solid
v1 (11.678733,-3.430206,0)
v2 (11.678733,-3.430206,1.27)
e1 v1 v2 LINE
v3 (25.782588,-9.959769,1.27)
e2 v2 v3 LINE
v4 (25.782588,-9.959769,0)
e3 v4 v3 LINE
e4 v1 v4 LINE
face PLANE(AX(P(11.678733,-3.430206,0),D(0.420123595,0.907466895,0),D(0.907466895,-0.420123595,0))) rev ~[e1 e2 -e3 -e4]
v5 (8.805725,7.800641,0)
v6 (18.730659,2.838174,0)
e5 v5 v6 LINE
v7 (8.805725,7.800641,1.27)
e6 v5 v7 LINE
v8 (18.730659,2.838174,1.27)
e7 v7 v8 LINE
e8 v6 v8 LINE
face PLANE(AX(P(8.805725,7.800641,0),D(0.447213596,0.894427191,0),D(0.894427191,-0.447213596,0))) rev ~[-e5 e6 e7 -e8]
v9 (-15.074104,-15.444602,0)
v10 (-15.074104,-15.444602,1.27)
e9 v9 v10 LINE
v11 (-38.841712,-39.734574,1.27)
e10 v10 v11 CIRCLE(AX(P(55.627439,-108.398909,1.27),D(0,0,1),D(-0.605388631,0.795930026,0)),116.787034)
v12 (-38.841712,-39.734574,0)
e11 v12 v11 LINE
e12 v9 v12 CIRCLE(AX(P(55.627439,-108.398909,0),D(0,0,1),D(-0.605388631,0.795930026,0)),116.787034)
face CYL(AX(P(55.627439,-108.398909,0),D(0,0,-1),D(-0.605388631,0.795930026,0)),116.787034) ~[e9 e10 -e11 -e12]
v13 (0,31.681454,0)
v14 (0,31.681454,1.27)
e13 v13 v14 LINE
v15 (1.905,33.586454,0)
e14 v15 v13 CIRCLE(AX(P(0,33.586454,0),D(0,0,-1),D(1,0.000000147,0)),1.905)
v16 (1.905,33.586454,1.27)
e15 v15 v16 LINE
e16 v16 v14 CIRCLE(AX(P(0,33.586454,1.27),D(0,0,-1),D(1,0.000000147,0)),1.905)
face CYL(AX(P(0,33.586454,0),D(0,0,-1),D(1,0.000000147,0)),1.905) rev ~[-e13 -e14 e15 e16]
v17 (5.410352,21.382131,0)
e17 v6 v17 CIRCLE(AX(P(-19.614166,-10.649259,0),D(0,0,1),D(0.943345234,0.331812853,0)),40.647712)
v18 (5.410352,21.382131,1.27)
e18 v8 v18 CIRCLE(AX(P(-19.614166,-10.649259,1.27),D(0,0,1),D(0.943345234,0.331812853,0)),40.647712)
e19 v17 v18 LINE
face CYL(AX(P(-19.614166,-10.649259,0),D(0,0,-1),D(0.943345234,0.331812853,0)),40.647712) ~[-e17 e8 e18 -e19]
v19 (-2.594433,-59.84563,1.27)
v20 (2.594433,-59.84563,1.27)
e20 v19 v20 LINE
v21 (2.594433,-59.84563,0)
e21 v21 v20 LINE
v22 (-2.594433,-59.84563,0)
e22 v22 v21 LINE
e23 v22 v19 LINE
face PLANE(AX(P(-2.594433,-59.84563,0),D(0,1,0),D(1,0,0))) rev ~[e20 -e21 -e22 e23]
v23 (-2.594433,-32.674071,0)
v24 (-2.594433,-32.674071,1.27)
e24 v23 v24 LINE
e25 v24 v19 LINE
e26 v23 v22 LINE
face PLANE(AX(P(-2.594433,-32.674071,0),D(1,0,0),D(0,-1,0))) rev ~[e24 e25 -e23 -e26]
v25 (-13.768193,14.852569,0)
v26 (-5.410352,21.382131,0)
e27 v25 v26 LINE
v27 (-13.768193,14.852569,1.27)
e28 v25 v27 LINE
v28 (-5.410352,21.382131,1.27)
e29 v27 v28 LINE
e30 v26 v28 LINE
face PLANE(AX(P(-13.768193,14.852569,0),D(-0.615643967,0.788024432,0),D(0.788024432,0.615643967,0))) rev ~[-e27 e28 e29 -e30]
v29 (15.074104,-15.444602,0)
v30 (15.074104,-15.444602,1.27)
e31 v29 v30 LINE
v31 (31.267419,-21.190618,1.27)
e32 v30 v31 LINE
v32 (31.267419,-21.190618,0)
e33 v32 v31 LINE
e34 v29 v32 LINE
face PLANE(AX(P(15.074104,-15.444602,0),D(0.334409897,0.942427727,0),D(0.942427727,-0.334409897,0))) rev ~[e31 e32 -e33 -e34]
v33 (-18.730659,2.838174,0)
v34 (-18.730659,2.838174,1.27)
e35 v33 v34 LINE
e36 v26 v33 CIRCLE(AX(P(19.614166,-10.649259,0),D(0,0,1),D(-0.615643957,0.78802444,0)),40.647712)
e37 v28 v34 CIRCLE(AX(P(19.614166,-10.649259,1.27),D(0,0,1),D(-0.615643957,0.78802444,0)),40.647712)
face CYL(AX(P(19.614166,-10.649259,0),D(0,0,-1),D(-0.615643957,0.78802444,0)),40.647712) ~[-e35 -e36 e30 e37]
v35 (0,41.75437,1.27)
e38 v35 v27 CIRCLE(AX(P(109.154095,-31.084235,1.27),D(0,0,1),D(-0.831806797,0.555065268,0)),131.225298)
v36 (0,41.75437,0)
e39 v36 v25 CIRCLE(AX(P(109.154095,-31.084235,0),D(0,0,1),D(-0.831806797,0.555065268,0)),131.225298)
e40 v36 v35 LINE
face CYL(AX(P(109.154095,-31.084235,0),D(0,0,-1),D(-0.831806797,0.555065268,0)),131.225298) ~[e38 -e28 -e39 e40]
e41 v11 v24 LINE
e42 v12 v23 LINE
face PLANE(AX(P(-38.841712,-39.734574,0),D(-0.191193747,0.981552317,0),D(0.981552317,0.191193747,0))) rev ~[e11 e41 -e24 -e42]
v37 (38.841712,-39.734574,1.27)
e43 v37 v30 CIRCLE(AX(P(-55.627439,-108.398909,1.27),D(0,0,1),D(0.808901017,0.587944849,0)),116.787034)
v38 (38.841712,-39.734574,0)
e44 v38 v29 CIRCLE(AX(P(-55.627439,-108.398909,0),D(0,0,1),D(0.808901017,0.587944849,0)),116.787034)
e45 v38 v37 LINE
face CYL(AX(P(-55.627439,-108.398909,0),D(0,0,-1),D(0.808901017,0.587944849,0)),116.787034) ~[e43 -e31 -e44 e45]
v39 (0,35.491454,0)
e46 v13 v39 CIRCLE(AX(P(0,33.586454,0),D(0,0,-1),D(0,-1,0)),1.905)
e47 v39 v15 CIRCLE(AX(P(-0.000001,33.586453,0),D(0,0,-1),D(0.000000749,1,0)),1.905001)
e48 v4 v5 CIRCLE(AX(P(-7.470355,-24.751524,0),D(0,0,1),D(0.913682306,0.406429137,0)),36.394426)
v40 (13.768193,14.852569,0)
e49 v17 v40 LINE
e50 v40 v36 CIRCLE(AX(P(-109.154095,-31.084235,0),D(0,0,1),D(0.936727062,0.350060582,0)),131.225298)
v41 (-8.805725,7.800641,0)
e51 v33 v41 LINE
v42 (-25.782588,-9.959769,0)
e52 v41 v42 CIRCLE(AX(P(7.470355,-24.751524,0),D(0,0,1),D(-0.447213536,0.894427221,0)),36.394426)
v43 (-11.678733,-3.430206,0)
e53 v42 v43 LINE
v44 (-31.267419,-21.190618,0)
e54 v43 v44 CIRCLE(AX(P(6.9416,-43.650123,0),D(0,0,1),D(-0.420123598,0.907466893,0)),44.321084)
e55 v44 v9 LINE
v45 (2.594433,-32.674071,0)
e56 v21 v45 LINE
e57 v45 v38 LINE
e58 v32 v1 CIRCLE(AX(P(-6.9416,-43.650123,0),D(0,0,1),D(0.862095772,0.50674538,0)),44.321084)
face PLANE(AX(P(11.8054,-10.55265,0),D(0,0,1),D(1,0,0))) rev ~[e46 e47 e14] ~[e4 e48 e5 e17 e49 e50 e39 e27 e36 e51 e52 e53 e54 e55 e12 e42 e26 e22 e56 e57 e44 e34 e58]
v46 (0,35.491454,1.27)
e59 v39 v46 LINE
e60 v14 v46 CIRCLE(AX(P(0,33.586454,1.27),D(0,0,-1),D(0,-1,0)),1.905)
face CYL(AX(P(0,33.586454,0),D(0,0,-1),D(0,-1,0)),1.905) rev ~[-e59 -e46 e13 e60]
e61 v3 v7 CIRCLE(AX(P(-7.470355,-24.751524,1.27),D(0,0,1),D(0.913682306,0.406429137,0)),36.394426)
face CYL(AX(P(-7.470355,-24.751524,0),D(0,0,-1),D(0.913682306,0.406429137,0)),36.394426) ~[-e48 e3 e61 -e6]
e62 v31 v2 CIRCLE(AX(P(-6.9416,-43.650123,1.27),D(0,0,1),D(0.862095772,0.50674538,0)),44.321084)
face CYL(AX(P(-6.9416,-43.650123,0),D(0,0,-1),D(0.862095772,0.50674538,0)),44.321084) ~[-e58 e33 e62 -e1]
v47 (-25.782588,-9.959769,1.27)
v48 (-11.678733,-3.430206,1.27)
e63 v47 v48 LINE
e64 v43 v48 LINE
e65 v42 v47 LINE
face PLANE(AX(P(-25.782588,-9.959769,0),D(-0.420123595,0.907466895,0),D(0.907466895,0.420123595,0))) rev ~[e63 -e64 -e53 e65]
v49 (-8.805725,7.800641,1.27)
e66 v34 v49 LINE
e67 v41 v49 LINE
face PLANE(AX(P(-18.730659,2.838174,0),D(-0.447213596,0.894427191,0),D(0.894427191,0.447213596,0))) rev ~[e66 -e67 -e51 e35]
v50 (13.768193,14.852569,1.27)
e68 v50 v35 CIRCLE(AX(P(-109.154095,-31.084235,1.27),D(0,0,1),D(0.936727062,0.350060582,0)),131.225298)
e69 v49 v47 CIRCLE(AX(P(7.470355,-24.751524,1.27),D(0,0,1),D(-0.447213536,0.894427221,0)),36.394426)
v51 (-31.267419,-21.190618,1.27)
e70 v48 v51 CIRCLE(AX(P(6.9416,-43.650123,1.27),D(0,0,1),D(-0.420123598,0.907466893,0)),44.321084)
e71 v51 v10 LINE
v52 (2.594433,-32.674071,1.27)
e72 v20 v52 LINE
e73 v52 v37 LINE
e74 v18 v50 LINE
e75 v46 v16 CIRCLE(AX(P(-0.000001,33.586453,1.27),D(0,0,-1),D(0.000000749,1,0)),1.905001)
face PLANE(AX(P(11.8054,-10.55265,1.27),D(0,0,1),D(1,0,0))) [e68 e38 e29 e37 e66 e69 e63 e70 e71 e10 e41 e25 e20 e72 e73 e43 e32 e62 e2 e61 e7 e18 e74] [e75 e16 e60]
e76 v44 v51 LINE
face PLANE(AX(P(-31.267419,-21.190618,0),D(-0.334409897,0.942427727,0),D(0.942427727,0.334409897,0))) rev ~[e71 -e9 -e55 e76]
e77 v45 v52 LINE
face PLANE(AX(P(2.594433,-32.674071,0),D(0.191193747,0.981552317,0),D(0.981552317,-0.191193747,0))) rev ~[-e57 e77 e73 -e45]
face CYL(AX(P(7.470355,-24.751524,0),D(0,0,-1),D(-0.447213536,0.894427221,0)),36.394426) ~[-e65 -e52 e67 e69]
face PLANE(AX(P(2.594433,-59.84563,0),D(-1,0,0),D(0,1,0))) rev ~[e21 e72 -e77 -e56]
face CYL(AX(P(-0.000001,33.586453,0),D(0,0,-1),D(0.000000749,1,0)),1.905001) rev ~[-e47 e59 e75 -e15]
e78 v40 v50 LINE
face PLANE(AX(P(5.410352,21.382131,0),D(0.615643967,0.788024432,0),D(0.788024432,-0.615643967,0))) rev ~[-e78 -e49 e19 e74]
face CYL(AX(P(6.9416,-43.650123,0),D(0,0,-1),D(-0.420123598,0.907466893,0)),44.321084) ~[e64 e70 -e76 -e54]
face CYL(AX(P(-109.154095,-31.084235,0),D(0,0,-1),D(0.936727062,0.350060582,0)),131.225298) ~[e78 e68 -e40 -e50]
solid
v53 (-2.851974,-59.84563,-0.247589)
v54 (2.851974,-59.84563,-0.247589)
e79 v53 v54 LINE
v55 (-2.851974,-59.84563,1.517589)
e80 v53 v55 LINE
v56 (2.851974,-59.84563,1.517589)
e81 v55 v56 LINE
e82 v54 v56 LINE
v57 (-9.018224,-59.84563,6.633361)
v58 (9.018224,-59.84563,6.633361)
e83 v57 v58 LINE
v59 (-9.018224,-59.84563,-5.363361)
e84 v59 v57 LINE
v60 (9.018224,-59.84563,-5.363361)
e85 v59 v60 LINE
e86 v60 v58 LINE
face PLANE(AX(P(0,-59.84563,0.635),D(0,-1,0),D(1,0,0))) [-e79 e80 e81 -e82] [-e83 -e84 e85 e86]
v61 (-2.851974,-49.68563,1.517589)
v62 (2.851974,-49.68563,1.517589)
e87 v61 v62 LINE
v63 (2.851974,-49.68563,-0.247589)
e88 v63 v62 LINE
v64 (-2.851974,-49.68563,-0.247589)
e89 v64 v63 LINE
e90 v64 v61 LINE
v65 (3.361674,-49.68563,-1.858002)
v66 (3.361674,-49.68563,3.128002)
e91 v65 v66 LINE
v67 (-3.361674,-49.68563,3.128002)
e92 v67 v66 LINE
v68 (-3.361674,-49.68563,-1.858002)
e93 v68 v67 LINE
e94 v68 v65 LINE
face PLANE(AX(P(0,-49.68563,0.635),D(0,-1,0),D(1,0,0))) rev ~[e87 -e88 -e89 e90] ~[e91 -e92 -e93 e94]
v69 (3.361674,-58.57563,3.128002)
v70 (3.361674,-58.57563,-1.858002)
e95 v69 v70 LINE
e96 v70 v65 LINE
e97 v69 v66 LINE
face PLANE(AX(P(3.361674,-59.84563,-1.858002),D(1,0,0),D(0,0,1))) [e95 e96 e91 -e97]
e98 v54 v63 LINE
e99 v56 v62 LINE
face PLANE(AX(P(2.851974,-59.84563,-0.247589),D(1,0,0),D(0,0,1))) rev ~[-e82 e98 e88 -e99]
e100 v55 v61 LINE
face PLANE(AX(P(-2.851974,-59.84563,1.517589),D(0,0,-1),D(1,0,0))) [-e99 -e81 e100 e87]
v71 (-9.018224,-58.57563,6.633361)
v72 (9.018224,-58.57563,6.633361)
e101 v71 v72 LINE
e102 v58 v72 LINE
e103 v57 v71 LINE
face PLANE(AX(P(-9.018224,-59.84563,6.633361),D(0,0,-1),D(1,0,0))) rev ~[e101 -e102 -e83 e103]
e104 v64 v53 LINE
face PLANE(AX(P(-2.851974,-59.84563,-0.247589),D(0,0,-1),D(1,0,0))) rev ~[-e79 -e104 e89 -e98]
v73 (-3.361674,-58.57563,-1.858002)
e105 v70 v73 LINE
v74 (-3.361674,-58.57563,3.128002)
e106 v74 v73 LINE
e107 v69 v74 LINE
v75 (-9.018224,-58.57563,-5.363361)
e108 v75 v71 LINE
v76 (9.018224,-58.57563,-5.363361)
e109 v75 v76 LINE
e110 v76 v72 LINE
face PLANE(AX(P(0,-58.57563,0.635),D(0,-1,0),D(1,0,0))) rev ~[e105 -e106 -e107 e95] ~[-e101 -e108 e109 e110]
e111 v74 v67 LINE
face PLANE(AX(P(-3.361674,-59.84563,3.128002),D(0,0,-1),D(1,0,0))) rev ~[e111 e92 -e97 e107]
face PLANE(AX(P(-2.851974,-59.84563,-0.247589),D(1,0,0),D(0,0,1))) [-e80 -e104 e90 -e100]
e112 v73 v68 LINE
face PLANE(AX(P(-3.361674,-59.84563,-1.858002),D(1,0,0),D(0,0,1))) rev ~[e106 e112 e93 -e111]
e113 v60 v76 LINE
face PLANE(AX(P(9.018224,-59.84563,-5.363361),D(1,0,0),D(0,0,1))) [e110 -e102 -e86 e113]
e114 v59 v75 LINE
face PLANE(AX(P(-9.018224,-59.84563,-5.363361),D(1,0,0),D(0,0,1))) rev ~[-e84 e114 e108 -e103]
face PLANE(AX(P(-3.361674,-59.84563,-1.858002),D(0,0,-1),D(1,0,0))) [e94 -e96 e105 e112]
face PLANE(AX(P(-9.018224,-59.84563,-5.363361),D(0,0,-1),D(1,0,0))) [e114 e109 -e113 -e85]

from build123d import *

# Parameters (mm, degrees)
F1_DEPTH = 1.27
F2_W     = 6.723348
F2_H     = 4.986004
F2_W_2   = 5.703948
F2_H_2   = 1.765178
F3_DEPTH = 10.16
F2_W_3   = 18.036448
F2_H_3   = 11.996722
F4_DEPTH = 1.27


with BuildPart() as f1:
    # F0 (on Top) → F1 (new body)
    with BuildSketch(Plane.XY):
        with BuildLine():
            ThreePointArc((13.768193, 14.852569), (7.661095, 28.701133), (0, 41.75437))
            Line((0, 41.75437), (0, 35.491454))
            ThreePointArc((0, 35.491454), (1.347038, 34.933492), (1.905, 33.586454))
            ThreePointArc((1.905, 33.586454), (1.347038, 32.239415), (0, 31.681454))
            Line((0, 31.681454), (0, -59.84563))
            Line((0, -59.84563), (2.594433, -59.84563))
            Line((2.594433, -59.84563), (2.594433, -32.674071))
            Line((2.594433, -32.674071), (38.841712, -39.734574))
            ThreePointArc((38.841712, -39.734574), (27.846151, -26.720447), (15.074104, -15.444602))
            Line((15.074104, -15.444602), (31.267419, -21.190618))
            ThreePointArc((31.267419, -21.190618), (22.828383, -10.815589), (11.678733, -3.430206))
            Line((11.678733, -3.430206), (25.782588, -9.959769))
            ThreePointArc((25.782588, -9.959769), (18.838181, 0.396342), (8.805725, 7.800641))
            Line((8.805725, 7.800641), (18.730659, 2.838174))
            ThreePointArc((18.730659, 2.838174), (13.399286, 13.064628), (5.410352, 21.382131))
            Line((5.410352, 21.382131), (13.768193, 14.852569))
        make_face()
        with BuildLine():
            Line((0, 35.491454), (0, 41.75437))
            ThreePointArc((0, 41.75437), (-7.661095, 28.701133), (-13.768193, 14.852569))
            Line((-13.768193, 14.852569), (-5.410352, 21.382131))
            ThreePointArc((-5.410352, 21.382131), (-13.399286, 13.064628), (-18.730659, 2.838174))
            Line((-18.730659, 2.838174), (-8.805725, 7.800641))
            ThreePointArc((-8.805725, 7.800641), (-18.838181, 0.396342), (-25.782588, -9.959769))
            Line((-25.782588, -9.959769), (-11.678733, -3.430206))
            ThreePointArc((-11.678733, -3.430206), (-22.828383, -10.815589), (-31.267419, -21.190618))
            Line((-31.267419, -21.190618), (-15.074104, -15.444602))
            ThreePointArc((-15.074104, -15.444602), (-27.846151, -26.720447), (-38.841712, -39.734574))
            Line((-38.841712, -39.734574), (-2.594433, -32.674071))
            Line((-2.594433, -32.674071), (-2.594433, -59.84563))
            Line((-2.594433, -59.84563), (0, -59.84563))
            Line((0, -59.84563), (0, 31.681454))
            ThreePointArc((0, 31.681454), (-1.905, 33.586454), (0, 35.491454))
        make_face()
    extrude(amount=F1_DEPTH)


with BuildPart() as f3:
    # F2 (on face) → F3 (new body)
    with BuildSketch(Plane.XZ.offset(59.84563)):
        with Locations((0, 0.635)):
            Rectangle(F2_W, F2_H)
        with Locations((0, 0.635)):
            Rectangle(F2_W_2, F2_H_2, mode=Mode.SUBTRACT)
    extrude(amount=-F3_DEPTH)

    # F2 (on face) → F4 (join)
    with BuildSketch(Plane.XZ.offset(59.84563)):
        with Locations((0, 0.635)):
            Rectangle(F2_W_3, F2_H_3)
        with Locations((0, 0.635)):
            Rectangle(F2_W, F2_H, mode=Mode.SUBTRACT)
        with Locations((0, 0.635)):
            Rectangle(F2_W, F2_H)
        with Locations((0, 0.635)):
            Rectangle(F2_W_2, F2_H_2, mode=Mode.SUBTRACT)
    extrude(amount=-F4_DEPTH)


solid = Compound([f1.part, f3.part])
